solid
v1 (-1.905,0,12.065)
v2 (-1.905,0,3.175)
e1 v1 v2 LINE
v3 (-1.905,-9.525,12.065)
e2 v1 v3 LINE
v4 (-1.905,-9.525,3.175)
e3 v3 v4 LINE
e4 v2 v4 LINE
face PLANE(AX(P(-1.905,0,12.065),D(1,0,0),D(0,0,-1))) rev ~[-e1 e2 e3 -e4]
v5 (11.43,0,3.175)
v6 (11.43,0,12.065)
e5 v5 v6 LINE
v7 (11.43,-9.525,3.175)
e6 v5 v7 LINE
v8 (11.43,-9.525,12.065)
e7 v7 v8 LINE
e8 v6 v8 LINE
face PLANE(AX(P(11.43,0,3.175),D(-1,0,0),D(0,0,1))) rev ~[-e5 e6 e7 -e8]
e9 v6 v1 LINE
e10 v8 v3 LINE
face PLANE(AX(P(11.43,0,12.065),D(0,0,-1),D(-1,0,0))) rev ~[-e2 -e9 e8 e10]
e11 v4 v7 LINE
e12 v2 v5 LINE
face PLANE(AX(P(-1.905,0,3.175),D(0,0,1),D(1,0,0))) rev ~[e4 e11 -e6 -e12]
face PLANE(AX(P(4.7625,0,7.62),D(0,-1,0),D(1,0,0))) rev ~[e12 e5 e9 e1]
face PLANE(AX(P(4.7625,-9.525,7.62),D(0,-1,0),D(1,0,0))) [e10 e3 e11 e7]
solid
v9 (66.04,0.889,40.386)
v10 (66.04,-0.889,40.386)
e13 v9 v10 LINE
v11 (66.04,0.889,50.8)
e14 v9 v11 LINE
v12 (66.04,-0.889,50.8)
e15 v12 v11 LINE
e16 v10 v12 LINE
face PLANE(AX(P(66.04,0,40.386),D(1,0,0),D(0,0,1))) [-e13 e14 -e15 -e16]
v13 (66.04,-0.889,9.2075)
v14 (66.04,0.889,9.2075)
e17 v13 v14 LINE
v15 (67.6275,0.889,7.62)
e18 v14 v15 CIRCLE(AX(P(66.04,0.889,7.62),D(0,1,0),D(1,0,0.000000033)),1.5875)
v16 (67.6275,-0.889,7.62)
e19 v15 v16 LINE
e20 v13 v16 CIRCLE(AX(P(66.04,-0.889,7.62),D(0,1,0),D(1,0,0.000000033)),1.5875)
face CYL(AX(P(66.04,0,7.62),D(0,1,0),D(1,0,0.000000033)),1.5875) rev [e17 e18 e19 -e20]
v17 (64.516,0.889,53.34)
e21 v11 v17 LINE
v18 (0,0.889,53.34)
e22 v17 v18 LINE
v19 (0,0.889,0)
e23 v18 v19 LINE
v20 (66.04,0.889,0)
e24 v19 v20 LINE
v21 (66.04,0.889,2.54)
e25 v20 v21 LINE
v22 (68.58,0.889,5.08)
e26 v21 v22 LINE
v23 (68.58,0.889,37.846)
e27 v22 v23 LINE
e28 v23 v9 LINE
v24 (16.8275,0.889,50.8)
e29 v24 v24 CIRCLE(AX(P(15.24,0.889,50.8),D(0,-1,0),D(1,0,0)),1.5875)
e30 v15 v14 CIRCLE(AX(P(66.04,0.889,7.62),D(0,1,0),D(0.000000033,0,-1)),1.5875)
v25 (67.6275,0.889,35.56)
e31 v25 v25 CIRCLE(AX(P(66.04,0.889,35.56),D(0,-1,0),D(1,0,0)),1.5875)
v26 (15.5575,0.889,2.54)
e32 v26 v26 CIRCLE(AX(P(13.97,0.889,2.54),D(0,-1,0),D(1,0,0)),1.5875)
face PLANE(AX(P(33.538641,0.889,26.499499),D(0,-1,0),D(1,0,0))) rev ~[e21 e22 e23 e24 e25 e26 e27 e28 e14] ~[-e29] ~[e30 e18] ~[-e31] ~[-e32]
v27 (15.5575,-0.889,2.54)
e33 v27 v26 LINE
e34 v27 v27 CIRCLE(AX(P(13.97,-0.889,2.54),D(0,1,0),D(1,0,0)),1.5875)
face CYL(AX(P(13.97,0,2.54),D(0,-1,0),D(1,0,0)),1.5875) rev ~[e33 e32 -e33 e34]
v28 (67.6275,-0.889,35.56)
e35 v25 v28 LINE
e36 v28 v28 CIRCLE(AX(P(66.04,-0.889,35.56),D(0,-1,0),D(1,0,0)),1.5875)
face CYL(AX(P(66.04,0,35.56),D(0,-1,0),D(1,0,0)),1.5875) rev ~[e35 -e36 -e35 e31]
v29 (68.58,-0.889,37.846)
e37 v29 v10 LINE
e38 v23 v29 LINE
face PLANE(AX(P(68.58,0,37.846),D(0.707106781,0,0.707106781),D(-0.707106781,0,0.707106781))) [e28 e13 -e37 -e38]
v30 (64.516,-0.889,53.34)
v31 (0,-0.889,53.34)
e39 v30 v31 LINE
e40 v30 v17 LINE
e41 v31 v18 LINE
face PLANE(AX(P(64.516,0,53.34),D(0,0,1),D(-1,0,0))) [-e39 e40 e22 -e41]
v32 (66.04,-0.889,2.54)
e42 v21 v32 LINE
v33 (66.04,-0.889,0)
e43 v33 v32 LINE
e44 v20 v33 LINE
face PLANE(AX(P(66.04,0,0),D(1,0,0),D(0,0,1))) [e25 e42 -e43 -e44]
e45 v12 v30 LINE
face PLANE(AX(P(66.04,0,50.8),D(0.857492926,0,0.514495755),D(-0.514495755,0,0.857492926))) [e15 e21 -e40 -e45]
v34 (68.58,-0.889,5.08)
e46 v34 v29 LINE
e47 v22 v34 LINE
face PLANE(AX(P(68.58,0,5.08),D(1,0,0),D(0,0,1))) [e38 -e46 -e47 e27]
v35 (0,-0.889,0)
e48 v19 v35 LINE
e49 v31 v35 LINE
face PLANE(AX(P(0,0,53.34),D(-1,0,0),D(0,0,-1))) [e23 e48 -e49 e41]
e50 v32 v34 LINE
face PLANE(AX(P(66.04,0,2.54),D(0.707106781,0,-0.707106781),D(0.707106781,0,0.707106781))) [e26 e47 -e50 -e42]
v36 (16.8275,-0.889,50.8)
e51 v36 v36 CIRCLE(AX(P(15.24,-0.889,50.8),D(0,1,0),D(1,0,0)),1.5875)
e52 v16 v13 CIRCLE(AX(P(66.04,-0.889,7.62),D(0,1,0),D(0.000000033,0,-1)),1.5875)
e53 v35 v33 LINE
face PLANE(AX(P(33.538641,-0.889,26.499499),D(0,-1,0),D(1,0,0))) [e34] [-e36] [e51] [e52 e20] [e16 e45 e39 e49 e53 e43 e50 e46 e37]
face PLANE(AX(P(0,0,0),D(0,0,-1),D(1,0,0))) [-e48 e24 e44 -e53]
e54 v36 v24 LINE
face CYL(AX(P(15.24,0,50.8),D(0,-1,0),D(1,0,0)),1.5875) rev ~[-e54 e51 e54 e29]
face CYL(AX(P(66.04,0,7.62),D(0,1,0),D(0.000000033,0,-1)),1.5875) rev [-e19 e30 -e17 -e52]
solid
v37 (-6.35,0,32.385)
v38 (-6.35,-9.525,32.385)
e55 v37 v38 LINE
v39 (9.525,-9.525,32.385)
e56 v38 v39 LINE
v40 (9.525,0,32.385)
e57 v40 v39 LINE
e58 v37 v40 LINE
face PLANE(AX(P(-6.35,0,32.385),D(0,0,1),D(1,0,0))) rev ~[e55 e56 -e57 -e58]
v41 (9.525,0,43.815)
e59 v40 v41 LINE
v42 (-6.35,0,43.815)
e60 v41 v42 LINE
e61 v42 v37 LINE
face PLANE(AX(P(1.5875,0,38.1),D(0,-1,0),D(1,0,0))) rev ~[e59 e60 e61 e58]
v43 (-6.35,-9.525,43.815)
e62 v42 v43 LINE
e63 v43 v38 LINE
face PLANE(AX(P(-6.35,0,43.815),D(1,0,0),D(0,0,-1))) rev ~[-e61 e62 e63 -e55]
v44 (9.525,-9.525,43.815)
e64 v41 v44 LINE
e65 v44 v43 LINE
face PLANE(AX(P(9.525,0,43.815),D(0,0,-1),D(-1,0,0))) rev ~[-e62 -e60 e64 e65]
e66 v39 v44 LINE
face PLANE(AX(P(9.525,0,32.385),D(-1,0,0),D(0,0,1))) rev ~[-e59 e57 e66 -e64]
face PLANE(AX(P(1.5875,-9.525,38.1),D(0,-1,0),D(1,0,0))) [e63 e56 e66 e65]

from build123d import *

# Parameters (mm, degrees)
F3_DEPTH = 0.889
F4_DEPTH = 9.525
F2_R     = 1.5875
F5_DEPTH = 12.7


with BuildPart() as f3:
    # F0 (on Front) → F3 (new body, symmetric)
    with BuildSketch(Plane.XZ):
        Polygon((0, 53.34), (0, 0), (66.04, 0), (66.04, 2.54), (68.58, 5.08), (68.58, 37.846), (66.04, 40.386), (66.04, 50.8), (64.516, 53.34), align=None)
    extrude(amount=F3_DEPTH, both=True)

    # F2 (on face) → F5 (cut, symmetric)
    with BuildSketch(Plane.XZ):
        with Locations((15.24, 50.8)):
            Circle(F2_R)
        with Locations((13.97, 2.54)):
            Circle(F2_R)
        with BuildLine():
            ThreePointArc((66.04, 6.0325), (67.162532, 6.497468), (67.6275, 7.62))
            ThreePointArc((67.6275, 7.62), (67.162532, 8.742532), (66.04, 9.2075))
            Line((66.04, 9.2075), (66.04, 6.0325))
        make_face()
        with BuildLine():
            Line((66.04, 6.0325), (66.04, 9.2075))
            ThreePointArc((66.04, 9.2075), (64.4525, 7.62), (66.04, 6.0325))
        make_face()
        with Locations((66.04, 35.56)):
            Circle(F2_R)
    extrude(amount=F5_DEPTH, both=True, mode=Mode.SUBTRACT)


with BuildPart() as f4:
    # F1 (on Front) → F4 (new body)
    with BuildSketch(Plane.XZ):
        Polygon((-1.905, 3.175), (0, 3.175), (11.43, 3.175), (11.43, 12.065), (0, 12.065), (-1.905, 12.065), align=None)
        Polygon((-6.35, 43.815), (-6.35, 32.385), (0, 32.385), (9.525, 32.385), (9.525, 43.815), align=None)
    extrude(amount=F4_DEPTH)


solid = Compound([f3.part, f4.part])
